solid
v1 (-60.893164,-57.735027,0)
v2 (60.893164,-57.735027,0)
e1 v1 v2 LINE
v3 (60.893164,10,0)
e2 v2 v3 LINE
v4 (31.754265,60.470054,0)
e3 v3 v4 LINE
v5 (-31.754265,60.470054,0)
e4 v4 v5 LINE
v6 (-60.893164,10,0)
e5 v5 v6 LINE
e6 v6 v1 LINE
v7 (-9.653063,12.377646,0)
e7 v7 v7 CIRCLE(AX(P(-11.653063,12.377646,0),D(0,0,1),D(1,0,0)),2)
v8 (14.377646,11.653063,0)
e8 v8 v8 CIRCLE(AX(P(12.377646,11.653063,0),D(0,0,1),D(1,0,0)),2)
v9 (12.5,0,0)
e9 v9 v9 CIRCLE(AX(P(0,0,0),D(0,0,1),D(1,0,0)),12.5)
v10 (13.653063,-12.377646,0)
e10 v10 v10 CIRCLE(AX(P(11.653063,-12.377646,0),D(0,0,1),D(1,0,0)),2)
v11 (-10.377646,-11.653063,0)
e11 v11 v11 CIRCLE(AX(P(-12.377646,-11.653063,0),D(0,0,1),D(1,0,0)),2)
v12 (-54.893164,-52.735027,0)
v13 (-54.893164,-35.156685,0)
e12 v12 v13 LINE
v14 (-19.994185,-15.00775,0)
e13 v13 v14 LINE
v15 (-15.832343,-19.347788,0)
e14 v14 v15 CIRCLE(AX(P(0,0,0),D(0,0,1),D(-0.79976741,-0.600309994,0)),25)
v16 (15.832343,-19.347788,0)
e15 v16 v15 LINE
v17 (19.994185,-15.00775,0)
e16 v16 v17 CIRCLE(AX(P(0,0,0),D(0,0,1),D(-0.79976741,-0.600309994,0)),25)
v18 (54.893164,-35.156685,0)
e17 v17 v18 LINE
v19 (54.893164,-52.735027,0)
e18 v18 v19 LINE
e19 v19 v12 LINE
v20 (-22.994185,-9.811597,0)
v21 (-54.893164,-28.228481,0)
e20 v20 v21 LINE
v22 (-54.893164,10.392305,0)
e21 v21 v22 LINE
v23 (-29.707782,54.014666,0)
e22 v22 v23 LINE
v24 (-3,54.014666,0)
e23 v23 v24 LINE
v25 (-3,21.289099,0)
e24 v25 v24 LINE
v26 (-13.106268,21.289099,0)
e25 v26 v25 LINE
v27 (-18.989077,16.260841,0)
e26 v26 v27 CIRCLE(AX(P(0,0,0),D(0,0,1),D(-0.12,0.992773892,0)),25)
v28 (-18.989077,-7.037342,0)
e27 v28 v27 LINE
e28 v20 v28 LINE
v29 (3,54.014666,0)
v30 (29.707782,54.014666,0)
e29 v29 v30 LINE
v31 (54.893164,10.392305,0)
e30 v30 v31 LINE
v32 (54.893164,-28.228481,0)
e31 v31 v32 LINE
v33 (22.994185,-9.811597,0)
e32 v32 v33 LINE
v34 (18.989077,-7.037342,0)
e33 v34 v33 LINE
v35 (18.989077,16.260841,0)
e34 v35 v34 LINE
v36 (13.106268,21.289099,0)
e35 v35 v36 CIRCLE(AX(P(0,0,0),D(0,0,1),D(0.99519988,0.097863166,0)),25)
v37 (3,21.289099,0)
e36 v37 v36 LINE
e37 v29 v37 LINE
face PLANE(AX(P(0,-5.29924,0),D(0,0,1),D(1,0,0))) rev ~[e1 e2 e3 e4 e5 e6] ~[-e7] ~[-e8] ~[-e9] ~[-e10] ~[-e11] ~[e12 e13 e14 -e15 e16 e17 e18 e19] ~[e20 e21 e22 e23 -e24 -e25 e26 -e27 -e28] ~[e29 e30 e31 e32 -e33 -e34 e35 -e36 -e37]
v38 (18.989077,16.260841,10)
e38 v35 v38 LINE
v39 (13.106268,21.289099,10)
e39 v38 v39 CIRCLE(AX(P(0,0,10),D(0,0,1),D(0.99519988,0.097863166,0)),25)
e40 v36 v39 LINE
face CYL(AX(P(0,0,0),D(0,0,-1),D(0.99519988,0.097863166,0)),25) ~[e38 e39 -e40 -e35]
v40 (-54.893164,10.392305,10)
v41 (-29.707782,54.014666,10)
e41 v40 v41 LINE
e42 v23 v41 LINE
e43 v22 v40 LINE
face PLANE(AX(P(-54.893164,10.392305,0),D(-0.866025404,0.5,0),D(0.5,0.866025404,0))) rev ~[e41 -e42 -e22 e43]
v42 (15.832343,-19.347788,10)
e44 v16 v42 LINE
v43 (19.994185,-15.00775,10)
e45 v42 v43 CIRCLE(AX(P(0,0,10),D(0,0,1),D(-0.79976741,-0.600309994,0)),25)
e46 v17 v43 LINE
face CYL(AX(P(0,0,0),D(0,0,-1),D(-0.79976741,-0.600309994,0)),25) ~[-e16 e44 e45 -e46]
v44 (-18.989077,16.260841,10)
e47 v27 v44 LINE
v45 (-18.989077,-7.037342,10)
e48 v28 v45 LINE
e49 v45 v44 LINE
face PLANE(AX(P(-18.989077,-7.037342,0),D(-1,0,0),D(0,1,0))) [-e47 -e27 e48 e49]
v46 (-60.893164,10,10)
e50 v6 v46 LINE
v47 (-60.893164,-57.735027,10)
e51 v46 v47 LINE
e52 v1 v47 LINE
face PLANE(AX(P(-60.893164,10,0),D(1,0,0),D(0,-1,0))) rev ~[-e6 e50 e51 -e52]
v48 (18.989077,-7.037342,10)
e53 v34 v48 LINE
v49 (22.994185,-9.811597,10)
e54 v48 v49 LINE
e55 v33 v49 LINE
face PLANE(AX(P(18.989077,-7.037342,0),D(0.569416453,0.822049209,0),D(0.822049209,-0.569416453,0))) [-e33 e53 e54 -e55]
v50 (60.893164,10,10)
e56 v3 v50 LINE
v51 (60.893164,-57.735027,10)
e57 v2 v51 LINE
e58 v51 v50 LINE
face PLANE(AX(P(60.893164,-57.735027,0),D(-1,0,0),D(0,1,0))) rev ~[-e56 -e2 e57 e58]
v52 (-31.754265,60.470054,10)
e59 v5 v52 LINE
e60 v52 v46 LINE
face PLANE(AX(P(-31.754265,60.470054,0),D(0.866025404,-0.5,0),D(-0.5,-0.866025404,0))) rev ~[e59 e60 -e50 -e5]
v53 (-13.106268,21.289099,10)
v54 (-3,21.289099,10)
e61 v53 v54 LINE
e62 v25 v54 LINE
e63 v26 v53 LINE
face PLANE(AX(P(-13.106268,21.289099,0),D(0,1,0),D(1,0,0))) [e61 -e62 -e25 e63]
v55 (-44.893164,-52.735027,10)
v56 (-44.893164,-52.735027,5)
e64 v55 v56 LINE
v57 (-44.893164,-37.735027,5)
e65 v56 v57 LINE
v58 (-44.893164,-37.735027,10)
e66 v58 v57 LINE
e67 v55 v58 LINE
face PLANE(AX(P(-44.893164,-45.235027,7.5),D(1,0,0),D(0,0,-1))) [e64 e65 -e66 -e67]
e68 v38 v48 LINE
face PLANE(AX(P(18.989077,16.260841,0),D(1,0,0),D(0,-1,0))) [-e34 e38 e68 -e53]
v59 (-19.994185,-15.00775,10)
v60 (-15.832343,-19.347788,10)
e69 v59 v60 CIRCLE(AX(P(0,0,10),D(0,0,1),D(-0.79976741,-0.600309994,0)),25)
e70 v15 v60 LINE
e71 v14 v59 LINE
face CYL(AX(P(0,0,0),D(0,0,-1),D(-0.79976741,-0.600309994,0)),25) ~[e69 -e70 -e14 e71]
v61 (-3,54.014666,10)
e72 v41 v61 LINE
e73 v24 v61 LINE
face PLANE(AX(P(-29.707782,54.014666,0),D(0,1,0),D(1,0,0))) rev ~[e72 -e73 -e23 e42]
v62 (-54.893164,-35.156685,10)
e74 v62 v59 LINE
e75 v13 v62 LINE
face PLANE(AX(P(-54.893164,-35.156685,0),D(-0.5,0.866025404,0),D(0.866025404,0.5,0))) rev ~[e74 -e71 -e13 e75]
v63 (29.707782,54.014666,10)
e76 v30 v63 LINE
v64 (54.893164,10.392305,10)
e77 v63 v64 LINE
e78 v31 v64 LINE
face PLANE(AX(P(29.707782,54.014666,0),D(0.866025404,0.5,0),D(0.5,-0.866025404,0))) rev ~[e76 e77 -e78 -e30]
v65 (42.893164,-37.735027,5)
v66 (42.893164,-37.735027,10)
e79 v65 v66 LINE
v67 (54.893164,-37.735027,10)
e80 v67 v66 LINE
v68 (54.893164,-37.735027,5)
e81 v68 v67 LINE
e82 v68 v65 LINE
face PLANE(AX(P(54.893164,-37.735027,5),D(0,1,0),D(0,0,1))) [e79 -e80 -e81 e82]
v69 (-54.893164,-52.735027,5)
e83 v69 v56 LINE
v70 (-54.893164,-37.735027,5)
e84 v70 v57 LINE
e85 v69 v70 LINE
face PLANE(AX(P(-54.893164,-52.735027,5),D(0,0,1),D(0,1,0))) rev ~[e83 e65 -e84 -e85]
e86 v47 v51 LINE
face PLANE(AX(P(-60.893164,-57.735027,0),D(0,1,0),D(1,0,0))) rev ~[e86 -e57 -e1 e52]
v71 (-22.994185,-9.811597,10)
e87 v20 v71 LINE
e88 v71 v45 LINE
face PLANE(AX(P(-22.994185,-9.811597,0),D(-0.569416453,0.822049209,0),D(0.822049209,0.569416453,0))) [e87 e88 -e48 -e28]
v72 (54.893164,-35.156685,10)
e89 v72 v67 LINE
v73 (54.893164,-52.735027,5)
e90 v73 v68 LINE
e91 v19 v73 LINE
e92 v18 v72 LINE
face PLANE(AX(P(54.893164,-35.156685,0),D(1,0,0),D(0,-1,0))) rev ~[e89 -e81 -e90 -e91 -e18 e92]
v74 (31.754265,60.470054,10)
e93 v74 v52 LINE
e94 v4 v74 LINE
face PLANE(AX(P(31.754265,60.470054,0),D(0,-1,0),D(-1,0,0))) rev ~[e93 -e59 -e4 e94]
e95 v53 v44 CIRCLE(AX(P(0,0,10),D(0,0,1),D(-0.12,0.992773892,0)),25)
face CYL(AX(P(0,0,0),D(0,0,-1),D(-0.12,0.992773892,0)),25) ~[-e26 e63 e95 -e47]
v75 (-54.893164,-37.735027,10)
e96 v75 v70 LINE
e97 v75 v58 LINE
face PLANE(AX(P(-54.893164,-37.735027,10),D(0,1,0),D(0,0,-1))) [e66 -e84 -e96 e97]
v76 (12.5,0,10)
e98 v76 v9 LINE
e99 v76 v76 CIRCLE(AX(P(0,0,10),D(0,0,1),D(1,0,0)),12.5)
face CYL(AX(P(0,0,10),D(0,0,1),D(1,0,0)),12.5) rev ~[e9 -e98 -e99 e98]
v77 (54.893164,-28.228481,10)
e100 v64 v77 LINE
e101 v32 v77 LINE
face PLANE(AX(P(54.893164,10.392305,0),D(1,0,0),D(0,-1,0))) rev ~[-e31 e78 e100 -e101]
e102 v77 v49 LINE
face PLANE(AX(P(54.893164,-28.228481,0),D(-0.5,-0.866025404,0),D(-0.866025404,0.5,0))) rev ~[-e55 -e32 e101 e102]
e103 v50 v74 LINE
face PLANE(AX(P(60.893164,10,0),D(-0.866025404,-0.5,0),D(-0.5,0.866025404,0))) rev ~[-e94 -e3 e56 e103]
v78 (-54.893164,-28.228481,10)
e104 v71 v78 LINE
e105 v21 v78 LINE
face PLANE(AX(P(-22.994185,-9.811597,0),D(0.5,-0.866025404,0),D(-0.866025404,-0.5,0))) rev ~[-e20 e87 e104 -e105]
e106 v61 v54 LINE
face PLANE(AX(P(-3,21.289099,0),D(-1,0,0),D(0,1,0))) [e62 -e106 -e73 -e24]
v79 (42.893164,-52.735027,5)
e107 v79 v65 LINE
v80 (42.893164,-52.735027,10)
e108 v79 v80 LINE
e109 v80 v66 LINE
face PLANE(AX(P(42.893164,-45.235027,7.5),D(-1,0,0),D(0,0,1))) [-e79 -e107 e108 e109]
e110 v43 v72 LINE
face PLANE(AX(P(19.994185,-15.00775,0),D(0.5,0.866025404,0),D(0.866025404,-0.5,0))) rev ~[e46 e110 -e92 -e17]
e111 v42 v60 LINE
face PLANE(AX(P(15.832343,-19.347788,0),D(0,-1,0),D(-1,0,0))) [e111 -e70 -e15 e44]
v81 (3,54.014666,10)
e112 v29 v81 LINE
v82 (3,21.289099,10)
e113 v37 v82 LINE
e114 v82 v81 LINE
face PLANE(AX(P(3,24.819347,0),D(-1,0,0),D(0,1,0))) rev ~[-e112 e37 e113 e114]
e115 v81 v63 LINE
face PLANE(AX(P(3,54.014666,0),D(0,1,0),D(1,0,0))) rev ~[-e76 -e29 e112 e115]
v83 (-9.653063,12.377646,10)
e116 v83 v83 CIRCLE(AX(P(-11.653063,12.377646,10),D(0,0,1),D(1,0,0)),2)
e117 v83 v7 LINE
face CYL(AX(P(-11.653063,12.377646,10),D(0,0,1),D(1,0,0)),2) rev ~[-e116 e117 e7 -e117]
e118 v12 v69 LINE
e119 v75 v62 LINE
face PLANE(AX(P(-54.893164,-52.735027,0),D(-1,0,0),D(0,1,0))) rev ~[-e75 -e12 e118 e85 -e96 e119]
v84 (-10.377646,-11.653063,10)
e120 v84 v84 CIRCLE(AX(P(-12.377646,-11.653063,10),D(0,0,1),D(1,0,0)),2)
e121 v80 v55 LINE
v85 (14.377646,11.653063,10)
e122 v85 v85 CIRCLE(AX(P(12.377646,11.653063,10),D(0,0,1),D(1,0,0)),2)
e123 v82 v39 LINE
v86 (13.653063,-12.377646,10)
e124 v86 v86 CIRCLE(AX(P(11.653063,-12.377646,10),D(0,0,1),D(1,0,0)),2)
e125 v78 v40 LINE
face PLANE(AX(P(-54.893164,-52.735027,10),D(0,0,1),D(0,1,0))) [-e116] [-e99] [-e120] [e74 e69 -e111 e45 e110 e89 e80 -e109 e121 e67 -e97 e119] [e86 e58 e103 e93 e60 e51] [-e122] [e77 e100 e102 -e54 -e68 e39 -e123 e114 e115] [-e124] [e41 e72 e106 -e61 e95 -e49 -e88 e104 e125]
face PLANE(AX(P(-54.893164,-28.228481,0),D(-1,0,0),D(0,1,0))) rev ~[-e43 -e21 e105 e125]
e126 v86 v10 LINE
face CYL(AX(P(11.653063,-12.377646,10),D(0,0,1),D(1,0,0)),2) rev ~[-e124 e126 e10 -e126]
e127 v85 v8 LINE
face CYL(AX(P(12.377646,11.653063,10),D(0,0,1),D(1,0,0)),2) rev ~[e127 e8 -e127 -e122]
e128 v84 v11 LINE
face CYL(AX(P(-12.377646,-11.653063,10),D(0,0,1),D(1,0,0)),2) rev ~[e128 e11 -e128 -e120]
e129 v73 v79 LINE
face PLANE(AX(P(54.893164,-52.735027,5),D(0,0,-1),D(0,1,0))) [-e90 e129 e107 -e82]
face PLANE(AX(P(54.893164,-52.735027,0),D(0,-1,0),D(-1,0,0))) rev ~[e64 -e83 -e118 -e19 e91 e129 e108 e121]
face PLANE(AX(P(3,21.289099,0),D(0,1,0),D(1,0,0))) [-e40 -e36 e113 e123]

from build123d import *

# Parameters (mm, degrees)
BOSS_EXTRUDE1_DEPTH = 10
SKETCH4_R           = 2
CUT_EXTRUDE1_DEPTH  = 10
CUT_EXTRUDE2_START  = -10
CUT_EXTRUDE2_DEPTH  = 10
SKETCH4_5_R         = 12.5
CUT_EXTRUDE3_DEPTH  = 10
CUT_EXTRUDE4_START  = -10
CUT_EXTRUDE4_DEPTH  = 10
SKETCH5_W           = 5
SKETCH5_H           = 15
BOSS_EXTRUDE2_DEPTH = 10
SKETCH7_W           = 5
SKETCH7_H           = 15
BOSS_EXTRUDE4_DEPTH = 12


with BuildPart() as part:
    # Sketch2 → Boss-Extrude1 (new body)
    with BuildSketch(Plane.XY):
        Polygon((-31.754264805, 60.470053838), (-60.893163975, 10), (-60.893163975, -57.735026919), (60.893163975, -57.735026919), (60.893163975, 10), (31.754264805, 60.470053838), align=None)
        with BuildLine():
            Line((-54.893163975, 10.392304845), (-29.707782181, 54.014665721))
            Line((-29.707782181, 54.014665721), (-3, 54.014665721))
            Line((-3, 54.014665721), (-3, 24.819347292))
            ThreePointArc((-3, 24.819347292), (-21.650635095, 12.5), (-22.99418526, -9.811597435))
            Line((-22.99418526, -9.811597435), (-54.893163975, -28.228481382))
            Line((-54.893163975, -28.228481382), (-54.893163975, 10.392304845))
        make_face(mode=Mode.SUBTRACT)
        with BuildLine():
            Line((-54.893163975, -35.156684613), (-19.99418526, -15.007749857))
            ThreePointArc((-19.99418526, -15.007749857), (0, -25), (19.99418526, -15.007749857))
            Line((19.99418526, -15.007749857), (54.893163975, -35.156684613))
            Line((54.893163975, -35.156684613), (54.893163975, -52.735026919))
            Line((54.893163975, -52.735026919), (-54.893163975, -52.735026919))
            Line((-54.893163975, -52.735026919), (-54.893163975, -35.156684613))
        make_face(mode=Mode.SUBTRACT)
        with BuildLine():
            Line((54.893163975, -28.228481382), (22.99418526, -9.811597435))
            ThreePointArc((22.99418526, -9.811597435), (24.493413722, -5.007263149), (25, 0))
            Line((25, 0), (24.879996994, 2.446579159))
            ThreePointArc((24.879996994, 2.446579159), (17.873408924, 17.479738368), (3, 24.819347292))
            Line((3, 24.819347292), (3, 54.014665721))
            Line((3, 54.014665721), (29.707782181, 54.014665721))
            Line((29.707782181, 54.014665721), (54.893163975, 10.392304845))
            Line((54.893163975, 10.392304845), (54.893163975, -28.228481382))
        make_face(mode=Mode.SUBTRACT)
    extrude(amount=BOSS_EXTRUDE1_DEPTH)

    # Sketch4 → Cut-Extrude1 (cut)
    with BuildSketch(Plane.XY.offset(10)):
        with Locations((-12.377645895, -11.653063206)):
            Circle(SKETCH4_R)
        with Locations((-11.653063206, 12.377645895)):
            Circle(SKETCH4_R)
        with Locations((11.653063206, -12.377645895)):
            Circle(SKETCH4_R)
        with Locations((12.377645895, 11.653063206)):
            Circle(SKETCH4_R)
    extrude(amount=-CUT_EXTRUDE1_DEPTH, mode=Mode.SUBTRACT)

    # Sketch4<4> → Cut-Extrude2 (cut)
    with BuildSketch(Plane.XY.offset(10).offset(CUT_EXTRUDE2_START)):
        with BuildLine():
            Line((-18.989077055, -7.037341973), (-18.989077055, 16.260841079))
            ThreePointArc((-18.989077055, 16.260841079), (-24.443440144, 5.245782491), (-23.989077055, -7.037341973))
            Line((-23.989077055, -7.037341973), (-18.989077055, -7.037341973))
        make_face()
        with BuildLine():
            Line((-13.106268079, 21.289099019), (-3, 21.289099019))
            Line((-3, 21.289099019), (-3, 24.819347292))
            ThreePointArc((-3, 24.819347292), (-8.244309011, 23.601512005), (-13.106268079, 21.289099019))
        make_face()
        with BuildLine():
            Line((3, 24.819347292), (3, 21.289099019))
            Line((3, 21.289099019), (13.106268079, 21.289099019))
            ThreePointArc((13.106268079, 21.289099019), (8.244309011, 23.601512005), (3, 24.819347292))
        make_face()
        with BuildLine():
            ThreePointArc((24.879996994, 2.446579159), (22.996355637, 9.806509441), (18.989077055, 16.260841079))
            Line((18.989077055, 16.260841079), (18.989077055, -7.037341973))
            Line((18.989077055, -7.037341973), (23.989077055, -7.037341973))
            ThreePointArc((23.989077055, -7.037341973), (24.745978728, -3.554790685), (25, 0))
            Line((25, 0), (24.879996994, 2.446579159))
        make_face()
        with BuildLine():
            Line((15.832343221, -19.347788198), (-15.832343221, -19.347788198))
            ThreePointArc((-15.832343221, -19.347788198), (0, -25), (15.832343221, -19.347788198))
        make_face()
    extrude(amount=CUT_EXTRUDE2_DEPTH, mode=Mode.SUBTRACT)

    # Sketch4<5> → Cut-Extrude3 (cut)
    with BuildSketch(Plane.XY.offset(10)):
        Circle(SKETCH4_5_R)
    extrude(amount=-CUT_EXTRUDE3_DEPTH, mode=Mode.SUBTRACT)

    # Sketch4<6> → Cut-Extrude4 (cut)
    with BuildSketch(Plane.XY.offset(10).offset(CUT_EXTRUDE4_START)):
        with BuildLine():
            Line((-22.99418526, -9.811597435), (-18.989077055, -7.037341973))
            Line((-18.989077055, -7.037341973), (-23.989077055, -7.037341973))
            ThreePointArc((-23.989077055, -7.037341973), (-23.532548901, -8.439143452), (-22.99418526, -9.811597435))
        make_face()
        with BuildLine():
            Line((23.989077055, -7.037341973), (18.989077055, -7.037341973))
            Line((18.989077055, -7.037341973), (22.99418526, -9.811597435))
            ThreePointArc((22.99418526, -9.811597435), (23.532548901, -8.439143452), (23.989077055, -7.037341973))
        make_face()
    extrude(amount=CUT_EXTRUDE4_DEPTH, mode=Mode.SUBTRACT)

    # Sketch5 → Boss-Extrude2 (add)
    with BuildSketch(Plane(origin=(-54.893163975, 0, 0), x_dir=(0, 0, -1), z_dir=(1, 0, 0))):
        with Locations((-7.5, -45.235026919)):
            Rectangle(SKETCH5_W, SKETCH5_H)
    extrude(amount=BOSS_EXTRUDE2_DEPTH)

    # Sketch7 → Boss-Extrude4 (add)
    with BuildSketch(Plane.ZY.offset(-54.893163975)):
        with Locations((7.5, -45.235026919)):
            Rectangle(SKETCH7_W, SKETCH7_H)
    extrude(amount=BOSS_EXTRUDE4_DEPTH)


solid = part.part
